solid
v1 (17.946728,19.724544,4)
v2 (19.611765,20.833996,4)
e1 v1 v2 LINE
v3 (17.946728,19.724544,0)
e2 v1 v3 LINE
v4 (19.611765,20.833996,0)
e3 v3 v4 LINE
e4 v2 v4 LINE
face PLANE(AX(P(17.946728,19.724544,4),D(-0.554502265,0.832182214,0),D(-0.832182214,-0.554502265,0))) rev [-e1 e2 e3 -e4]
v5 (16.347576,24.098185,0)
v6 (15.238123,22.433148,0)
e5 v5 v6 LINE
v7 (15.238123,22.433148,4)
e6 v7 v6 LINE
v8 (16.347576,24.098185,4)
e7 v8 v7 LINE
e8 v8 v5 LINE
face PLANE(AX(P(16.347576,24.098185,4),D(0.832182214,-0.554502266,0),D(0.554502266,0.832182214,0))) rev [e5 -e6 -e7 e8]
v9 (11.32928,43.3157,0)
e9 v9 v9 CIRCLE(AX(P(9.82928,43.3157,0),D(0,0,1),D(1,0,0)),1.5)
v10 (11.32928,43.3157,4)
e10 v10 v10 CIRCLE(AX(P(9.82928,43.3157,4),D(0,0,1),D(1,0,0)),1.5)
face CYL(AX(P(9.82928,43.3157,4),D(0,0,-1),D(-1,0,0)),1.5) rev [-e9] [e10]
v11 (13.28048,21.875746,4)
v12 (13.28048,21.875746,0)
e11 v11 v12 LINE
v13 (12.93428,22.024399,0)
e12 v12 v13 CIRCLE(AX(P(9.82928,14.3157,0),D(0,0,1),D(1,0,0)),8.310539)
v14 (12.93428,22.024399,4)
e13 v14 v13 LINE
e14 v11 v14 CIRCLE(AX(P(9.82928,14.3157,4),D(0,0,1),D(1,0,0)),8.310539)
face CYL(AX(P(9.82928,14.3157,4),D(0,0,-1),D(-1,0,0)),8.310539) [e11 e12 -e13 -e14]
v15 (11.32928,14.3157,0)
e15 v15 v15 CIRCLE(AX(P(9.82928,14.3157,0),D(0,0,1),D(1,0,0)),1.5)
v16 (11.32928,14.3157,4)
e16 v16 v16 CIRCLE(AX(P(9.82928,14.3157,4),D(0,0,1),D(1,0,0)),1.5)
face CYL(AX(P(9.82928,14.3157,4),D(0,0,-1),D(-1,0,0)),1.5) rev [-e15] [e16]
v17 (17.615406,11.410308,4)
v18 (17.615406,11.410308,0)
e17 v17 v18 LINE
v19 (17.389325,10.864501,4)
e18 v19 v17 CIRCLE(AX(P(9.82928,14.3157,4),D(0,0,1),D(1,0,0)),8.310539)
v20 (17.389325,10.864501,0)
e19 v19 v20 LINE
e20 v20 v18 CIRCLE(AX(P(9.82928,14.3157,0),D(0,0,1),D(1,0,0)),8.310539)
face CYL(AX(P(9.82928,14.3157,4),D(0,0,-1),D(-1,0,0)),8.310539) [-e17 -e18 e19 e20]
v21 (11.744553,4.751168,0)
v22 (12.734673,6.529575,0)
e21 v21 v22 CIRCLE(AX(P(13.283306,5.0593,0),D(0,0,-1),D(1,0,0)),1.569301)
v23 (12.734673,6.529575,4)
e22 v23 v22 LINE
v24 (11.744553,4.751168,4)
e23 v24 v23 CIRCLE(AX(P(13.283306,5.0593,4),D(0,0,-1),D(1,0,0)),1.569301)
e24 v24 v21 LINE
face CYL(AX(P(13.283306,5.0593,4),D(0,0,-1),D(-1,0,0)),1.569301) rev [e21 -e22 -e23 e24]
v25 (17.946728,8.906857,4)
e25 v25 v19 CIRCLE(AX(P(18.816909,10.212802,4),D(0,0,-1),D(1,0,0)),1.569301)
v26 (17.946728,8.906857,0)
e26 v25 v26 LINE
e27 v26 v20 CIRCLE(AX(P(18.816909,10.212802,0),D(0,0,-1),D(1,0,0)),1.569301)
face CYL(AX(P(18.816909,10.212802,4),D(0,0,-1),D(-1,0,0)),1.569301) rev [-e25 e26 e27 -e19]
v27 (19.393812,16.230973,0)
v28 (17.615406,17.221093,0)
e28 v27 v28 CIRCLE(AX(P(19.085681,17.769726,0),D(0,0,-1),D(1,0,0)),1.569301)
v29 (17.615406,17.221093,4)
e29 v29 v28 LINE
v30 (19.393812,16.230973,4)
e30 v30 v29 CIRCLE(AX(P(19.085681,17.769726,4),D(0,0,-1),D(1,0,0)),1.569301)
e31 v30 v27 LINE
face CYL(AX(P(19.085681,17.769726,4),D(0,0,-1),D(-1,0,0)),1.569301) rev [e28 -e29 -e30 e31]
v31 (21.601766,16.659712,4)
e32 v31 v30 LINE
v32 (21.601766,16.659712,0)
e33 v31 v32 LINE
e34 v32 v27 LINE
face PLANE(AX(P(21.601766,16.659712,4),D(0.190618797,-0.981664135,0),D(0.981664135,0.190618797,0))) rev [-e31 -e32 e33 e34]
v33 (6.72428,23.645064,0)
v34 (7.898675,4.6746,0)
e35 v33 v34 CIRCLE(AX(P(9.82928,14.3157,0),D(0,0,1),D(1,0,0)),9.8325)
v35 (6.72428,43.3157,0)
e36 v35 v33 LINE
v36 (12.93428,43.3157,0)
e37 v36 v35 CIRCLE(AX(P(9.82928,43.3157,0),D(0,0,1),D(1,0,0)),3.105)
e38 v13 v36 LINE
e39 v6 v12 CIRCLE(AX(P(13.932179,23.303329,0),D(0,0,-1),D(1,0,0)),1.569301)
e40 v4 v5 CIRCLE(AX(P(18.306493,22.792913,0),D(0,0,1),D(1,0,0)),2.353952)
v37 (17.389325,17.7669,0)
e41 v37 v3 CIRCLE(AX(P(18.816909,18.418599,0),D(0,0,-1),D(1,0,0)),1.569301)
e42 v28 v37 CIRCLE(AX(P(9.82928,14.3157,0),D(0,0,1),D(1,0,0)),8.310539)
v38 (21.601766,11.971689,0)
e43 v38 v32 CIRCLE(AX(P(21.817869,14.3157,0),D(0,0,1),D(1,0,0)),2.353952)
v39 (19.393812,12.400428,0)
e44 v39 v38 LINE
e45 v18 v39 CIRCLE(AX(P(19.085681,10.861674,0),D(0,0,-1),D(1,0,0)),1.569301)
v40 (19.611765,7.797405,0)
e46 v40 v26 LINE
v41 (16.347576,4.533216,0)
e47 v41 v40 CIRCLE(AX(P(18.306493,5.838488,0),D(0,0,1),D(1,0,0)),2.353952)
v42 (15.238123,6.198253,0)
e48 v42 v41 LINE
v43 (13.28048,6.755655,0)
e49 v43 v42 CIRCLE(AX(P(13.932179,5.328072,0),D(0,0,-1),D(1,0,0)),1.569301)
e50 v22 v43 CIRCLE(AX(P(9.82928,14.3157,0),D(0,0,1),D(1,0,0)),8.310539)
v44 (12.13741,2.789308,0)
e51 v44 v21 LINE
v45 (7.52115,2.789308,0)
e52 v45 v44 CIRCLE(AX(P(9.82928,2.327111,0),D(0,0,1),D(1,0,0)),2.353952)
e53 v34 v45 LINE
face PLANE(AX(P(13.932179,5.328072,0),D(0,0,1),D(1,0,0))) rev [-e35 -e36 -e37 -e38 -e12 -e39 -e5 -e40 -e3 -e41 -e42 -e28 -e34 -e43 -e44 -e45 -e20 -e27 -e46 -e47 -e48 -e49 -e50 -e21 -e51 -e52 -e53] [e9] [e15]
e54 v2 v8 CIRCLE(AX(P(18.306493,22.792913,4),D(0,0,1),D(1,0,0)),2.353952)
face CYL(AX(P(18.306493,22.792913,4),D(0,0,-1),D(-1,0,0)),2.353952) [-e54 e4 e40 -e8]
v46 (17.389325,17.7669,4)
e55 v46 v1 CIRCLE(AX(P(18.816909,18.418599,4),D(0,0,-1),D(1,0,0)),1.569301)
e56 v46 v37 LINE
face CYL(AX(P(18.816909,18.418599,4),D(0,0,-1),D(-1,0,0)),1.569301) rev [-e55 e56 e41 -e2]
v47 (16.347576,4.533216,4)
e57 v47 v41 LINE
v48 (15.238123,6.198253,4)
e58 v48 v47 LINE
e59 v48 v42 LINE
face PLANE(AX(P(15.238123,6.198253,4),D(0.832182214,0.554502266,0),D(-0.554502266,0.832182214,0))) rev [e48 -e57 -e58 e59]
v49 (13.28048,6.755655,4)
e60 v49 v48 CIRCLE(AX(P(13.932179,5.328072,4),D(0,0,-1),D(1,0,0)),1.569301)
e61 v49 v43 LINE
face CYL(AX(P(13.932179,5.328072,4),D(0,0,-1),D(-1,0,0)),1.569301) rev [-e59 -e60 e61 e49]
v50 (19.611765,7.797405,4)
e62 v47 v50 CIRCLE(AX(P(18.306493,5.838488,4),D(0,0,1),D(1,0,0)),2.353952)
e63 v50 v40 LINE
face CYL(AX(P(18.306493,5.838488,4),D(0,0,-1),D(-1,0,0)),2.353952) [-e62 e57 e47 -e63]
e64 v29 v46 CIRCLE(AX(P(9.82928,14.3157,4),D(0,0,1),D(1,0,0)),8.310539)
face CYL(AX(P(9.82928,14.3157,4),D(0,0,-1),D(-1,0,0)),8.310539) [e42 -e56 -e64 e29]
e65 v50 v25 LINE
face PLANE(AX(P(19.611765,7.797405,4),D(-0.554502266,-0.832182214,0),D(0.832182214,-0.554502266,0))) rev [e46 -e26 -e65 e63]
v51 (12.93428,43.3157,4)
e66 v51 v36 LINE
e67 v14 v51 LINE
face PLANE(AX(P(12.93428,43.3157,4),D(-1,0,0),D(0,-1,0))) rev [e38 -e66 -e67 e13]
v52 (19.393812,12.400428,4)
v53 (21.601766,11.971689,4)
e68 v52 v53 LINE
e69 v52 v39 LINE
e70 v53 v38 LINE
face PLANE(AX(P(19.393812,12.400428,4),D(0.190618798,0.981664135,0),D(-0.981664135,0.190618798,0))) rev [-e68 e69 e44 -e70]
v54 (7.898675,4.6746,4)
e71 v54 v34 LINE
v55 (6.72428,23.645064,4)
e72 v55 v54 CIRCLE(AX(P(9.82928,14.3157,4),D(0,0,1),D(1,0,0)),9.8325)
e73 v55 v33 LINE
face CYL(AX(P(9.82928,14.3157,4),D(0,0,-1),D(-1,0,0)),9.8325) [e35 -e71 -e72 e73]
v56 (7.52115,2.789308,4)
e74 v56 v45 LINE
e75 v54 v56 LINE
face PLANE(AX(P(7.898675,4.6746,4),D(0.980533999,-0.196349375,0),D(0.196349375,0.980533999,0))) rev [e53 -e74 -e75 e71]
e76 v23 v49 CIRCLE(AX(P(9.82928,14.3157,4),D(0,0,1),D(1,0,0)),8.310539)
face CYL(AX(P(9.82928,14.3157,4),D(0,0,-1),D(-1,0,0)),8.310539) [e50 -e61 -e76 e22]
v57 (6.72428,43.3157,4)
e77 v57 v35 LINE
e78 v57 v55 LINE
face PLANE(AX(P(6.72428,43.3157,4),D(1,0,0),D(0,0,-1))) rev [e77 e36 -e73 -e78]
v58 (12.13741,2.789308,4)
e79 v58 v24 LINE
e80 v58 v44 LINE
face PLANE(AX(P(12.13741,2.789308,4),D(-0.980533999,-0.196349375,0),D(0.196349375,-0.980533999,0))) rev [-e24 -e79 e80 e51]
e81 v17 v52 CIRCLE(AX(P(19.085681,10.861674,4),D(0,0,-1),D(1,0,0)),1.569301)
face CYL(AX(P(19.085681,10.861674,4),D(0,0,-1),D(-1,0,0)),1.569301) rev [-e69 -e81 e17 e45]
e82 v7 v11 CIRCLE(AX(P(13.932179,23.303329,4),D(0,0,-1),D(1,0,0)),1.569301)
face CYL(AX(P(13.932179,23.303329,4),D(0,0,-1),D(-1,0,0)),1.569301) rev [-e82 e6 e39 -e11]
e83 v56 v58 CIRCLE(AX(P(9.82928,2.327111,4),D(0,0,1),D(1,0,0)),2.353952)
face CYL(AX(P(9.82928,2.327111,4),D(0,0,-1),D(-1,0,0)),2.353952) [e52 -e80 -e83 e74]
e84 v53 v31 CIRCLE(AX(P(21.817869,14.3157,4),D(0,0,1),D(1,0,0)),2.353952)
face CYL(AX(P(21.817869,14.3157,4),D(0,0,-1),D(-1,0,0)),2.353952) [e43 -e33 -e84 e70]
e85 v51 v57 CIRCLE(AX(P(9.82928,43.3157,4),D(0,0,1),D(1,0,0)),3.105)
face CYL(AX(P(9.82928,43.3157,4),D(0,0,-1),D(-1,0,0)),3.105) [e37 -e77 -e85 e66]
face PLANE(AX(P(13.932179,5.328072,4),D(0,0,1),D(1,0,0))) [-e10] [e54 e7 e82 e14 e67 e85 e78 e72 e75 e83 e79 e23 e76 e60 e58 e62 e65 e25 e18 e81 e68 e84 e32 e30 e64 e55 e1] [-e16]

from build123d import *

# Parameters (mm, degrees)
SKETCH1_R           = 1.5
BOSS_EXTRUDE1_DEPTH = 4


with BuildPart() as part:
    # Sketch1 → Boss-Extrude1 (new body)
    with BuildSketch(Plane.XY):
        with BuildLine():
            Line((15.238123377, 6.19825268), (16.347575878, 4.533215952))
            ThreePointArc((16.347575878, 4.533215952), (16.410300459, 4.443659946), (16.477115989, 4.357113217))
            ThreePointArc((16.477115989, 4.357113217), (16.486629929, 4.345440812), (16.496218344, 4.333829508))
            ThreePointArc((16.496218344, 4.333829508), (19.970988274, 4.173992248), (19.811151014, 7.648762179))
            ThreePointArc((19.811151014, 7.648762179), (19.79953971, 7.658350594), (19.787867306, 7.667864534))
            ThreePointArc((19.787867306, 7.667864534), (19.701320577, 7.734680065), (19.61176457, 7.797404645))
            Line((19.61176457, 7.797404645), (17.946727843, 8.906857145))
            ThreePointArc((17.946727843, 8.906857145), (17.307596881, 9.783053451), (17.389325425, 10.864501))
            ThreePointArc((17.389325425, 10.864501), (17.507217214, 11.135394708), (17.61540591, 11.410307569))
            ThreePointArc((17.61540591, 11.410307569), (18.322313997, 12.232797271), (19.393812184, 12.400427786))
            Line((19.393812184, 12.400427786), (21.601765932, 11.971688999))
            ThreePointArc((21.601765932, 11.971688999), (24.171821324, 14.31570037), (21.601765932, 16.65971174))
            Line((21.601765932, 16.65971174), (19.393812182, 16.230972956))
            ThreePointArc((19.393812182, 16.230972956), (18.322313995, 16.398603469), (17.615405908, 17.221093173))
            ThreePointArc((17.615405908, 17.221093173), (17.507217213, 17.496006033), (17.389325429, 17.766899742))
            ThreePointArc((17.389325429, 17.766899742), (17.307596884, 18.848347289), (17.946727842, 19.724543597))
            Line((17.946727842, 19.724543597), (19.61176457, 20.833996096))
            ThreePointArc((19.61176457, 20.833996096), (19.701320577, 20.896720677), (19.787867306, 20.963536208))
            ThreePointArc((19.787867306, 20.963536208), (19.79953971, 20.973050148), (19.811151014, 20.982638563))
            ThreePointArc((19.811151014, 20.982638563), (19.970988274, 24.457408494), (16.496218344, 24.297571234))
            ThreePointArc((16.496218344, 24.297571234), (16.486629929, 24.28595993), (16.477115989, 24.274287526))
            ThreePointArc((16.477115989, 24.274287526), (16.410300458, 24.187740797), (16.347575878, 24.09818479))
            Line((16.347575878, 24.09818479), (15.238123378, 22.433148063))
            ThreePointArc((15.238123378, 22.433148063), (14.36192707, 21.794017099), (13.280479519, 21.875745645))
            ThreePointArc((13.280479519, 21.875745645), (13.108222359, 21.952034546), (12.93428015, 22.024399135))
            Line((12.93428015, 22.024399135), (12.93428015, 43.31570037))
            ThreePointArc((12.93428015, 43.31570037), (9.82928015, 46.42070037), (6.72428015, 43.31570037))
            Line((6.72428015, 43.31570037), (6.72428015, 23.645064295))
            ThreePointArc((6.72428015, 23.645064295), (0.015567267, 13.708167902), (7.898674921, 4.674599826))
            Line((7.898674921, 4.674599826), (7.521150189, 2.789308191))
            ThreePointArc((7.521150189, 2.789308191), (7.502177507, 2.681629554), (7.488225443, 2.57318606))
            ThreePointArc((7.488225443, 2.57318606), (7.486699178, 2.558205052), (7.485268779, 2.543214587))
            ThreePointArc((7.485268779, 2.543214587), (9.82928015, -0.026840804), (12.173291521, 2.543214587))
            ThreePointArc((12.173291521, 2.543214587), (12.171861122, 2.558205052), (12.170334857, 2.57318606))
            ThreePointArc((12.170334857, 2.57318606), (12.156382793, 2.681629555), (12.137410113, 2.789308193))
            Line((12.137410113, 2.789308193), (11.744552736, 4.751168341))
            ThreePointArc((11.744552736, 4.751168341), (11.912183252, 5.822666526), (12.734672953, 6.529574612))
            ThreePointArc((12.734672953, 6.529574612), (13.009585814, 6.637763307), (13.280479523, 6.755655094))
            ThreePointArc((13.280479523, 6.755655094), (14.361927069, 6.837383639), (15.238123377, 6.19825268))
        make_face()
        with Locations((9.82928015, 14.31570037)):
            Circle(SKETCH1_R, mode=Mode.SUBTRACT)
        with Locations((9.82928015, 43.31570037)):
            Circle(SKETCH1_R, mode=Mode.SUBTRACT)
    extrude(amount=BOSS_EXTRUDE1_DEPTH)


solid = part.part
